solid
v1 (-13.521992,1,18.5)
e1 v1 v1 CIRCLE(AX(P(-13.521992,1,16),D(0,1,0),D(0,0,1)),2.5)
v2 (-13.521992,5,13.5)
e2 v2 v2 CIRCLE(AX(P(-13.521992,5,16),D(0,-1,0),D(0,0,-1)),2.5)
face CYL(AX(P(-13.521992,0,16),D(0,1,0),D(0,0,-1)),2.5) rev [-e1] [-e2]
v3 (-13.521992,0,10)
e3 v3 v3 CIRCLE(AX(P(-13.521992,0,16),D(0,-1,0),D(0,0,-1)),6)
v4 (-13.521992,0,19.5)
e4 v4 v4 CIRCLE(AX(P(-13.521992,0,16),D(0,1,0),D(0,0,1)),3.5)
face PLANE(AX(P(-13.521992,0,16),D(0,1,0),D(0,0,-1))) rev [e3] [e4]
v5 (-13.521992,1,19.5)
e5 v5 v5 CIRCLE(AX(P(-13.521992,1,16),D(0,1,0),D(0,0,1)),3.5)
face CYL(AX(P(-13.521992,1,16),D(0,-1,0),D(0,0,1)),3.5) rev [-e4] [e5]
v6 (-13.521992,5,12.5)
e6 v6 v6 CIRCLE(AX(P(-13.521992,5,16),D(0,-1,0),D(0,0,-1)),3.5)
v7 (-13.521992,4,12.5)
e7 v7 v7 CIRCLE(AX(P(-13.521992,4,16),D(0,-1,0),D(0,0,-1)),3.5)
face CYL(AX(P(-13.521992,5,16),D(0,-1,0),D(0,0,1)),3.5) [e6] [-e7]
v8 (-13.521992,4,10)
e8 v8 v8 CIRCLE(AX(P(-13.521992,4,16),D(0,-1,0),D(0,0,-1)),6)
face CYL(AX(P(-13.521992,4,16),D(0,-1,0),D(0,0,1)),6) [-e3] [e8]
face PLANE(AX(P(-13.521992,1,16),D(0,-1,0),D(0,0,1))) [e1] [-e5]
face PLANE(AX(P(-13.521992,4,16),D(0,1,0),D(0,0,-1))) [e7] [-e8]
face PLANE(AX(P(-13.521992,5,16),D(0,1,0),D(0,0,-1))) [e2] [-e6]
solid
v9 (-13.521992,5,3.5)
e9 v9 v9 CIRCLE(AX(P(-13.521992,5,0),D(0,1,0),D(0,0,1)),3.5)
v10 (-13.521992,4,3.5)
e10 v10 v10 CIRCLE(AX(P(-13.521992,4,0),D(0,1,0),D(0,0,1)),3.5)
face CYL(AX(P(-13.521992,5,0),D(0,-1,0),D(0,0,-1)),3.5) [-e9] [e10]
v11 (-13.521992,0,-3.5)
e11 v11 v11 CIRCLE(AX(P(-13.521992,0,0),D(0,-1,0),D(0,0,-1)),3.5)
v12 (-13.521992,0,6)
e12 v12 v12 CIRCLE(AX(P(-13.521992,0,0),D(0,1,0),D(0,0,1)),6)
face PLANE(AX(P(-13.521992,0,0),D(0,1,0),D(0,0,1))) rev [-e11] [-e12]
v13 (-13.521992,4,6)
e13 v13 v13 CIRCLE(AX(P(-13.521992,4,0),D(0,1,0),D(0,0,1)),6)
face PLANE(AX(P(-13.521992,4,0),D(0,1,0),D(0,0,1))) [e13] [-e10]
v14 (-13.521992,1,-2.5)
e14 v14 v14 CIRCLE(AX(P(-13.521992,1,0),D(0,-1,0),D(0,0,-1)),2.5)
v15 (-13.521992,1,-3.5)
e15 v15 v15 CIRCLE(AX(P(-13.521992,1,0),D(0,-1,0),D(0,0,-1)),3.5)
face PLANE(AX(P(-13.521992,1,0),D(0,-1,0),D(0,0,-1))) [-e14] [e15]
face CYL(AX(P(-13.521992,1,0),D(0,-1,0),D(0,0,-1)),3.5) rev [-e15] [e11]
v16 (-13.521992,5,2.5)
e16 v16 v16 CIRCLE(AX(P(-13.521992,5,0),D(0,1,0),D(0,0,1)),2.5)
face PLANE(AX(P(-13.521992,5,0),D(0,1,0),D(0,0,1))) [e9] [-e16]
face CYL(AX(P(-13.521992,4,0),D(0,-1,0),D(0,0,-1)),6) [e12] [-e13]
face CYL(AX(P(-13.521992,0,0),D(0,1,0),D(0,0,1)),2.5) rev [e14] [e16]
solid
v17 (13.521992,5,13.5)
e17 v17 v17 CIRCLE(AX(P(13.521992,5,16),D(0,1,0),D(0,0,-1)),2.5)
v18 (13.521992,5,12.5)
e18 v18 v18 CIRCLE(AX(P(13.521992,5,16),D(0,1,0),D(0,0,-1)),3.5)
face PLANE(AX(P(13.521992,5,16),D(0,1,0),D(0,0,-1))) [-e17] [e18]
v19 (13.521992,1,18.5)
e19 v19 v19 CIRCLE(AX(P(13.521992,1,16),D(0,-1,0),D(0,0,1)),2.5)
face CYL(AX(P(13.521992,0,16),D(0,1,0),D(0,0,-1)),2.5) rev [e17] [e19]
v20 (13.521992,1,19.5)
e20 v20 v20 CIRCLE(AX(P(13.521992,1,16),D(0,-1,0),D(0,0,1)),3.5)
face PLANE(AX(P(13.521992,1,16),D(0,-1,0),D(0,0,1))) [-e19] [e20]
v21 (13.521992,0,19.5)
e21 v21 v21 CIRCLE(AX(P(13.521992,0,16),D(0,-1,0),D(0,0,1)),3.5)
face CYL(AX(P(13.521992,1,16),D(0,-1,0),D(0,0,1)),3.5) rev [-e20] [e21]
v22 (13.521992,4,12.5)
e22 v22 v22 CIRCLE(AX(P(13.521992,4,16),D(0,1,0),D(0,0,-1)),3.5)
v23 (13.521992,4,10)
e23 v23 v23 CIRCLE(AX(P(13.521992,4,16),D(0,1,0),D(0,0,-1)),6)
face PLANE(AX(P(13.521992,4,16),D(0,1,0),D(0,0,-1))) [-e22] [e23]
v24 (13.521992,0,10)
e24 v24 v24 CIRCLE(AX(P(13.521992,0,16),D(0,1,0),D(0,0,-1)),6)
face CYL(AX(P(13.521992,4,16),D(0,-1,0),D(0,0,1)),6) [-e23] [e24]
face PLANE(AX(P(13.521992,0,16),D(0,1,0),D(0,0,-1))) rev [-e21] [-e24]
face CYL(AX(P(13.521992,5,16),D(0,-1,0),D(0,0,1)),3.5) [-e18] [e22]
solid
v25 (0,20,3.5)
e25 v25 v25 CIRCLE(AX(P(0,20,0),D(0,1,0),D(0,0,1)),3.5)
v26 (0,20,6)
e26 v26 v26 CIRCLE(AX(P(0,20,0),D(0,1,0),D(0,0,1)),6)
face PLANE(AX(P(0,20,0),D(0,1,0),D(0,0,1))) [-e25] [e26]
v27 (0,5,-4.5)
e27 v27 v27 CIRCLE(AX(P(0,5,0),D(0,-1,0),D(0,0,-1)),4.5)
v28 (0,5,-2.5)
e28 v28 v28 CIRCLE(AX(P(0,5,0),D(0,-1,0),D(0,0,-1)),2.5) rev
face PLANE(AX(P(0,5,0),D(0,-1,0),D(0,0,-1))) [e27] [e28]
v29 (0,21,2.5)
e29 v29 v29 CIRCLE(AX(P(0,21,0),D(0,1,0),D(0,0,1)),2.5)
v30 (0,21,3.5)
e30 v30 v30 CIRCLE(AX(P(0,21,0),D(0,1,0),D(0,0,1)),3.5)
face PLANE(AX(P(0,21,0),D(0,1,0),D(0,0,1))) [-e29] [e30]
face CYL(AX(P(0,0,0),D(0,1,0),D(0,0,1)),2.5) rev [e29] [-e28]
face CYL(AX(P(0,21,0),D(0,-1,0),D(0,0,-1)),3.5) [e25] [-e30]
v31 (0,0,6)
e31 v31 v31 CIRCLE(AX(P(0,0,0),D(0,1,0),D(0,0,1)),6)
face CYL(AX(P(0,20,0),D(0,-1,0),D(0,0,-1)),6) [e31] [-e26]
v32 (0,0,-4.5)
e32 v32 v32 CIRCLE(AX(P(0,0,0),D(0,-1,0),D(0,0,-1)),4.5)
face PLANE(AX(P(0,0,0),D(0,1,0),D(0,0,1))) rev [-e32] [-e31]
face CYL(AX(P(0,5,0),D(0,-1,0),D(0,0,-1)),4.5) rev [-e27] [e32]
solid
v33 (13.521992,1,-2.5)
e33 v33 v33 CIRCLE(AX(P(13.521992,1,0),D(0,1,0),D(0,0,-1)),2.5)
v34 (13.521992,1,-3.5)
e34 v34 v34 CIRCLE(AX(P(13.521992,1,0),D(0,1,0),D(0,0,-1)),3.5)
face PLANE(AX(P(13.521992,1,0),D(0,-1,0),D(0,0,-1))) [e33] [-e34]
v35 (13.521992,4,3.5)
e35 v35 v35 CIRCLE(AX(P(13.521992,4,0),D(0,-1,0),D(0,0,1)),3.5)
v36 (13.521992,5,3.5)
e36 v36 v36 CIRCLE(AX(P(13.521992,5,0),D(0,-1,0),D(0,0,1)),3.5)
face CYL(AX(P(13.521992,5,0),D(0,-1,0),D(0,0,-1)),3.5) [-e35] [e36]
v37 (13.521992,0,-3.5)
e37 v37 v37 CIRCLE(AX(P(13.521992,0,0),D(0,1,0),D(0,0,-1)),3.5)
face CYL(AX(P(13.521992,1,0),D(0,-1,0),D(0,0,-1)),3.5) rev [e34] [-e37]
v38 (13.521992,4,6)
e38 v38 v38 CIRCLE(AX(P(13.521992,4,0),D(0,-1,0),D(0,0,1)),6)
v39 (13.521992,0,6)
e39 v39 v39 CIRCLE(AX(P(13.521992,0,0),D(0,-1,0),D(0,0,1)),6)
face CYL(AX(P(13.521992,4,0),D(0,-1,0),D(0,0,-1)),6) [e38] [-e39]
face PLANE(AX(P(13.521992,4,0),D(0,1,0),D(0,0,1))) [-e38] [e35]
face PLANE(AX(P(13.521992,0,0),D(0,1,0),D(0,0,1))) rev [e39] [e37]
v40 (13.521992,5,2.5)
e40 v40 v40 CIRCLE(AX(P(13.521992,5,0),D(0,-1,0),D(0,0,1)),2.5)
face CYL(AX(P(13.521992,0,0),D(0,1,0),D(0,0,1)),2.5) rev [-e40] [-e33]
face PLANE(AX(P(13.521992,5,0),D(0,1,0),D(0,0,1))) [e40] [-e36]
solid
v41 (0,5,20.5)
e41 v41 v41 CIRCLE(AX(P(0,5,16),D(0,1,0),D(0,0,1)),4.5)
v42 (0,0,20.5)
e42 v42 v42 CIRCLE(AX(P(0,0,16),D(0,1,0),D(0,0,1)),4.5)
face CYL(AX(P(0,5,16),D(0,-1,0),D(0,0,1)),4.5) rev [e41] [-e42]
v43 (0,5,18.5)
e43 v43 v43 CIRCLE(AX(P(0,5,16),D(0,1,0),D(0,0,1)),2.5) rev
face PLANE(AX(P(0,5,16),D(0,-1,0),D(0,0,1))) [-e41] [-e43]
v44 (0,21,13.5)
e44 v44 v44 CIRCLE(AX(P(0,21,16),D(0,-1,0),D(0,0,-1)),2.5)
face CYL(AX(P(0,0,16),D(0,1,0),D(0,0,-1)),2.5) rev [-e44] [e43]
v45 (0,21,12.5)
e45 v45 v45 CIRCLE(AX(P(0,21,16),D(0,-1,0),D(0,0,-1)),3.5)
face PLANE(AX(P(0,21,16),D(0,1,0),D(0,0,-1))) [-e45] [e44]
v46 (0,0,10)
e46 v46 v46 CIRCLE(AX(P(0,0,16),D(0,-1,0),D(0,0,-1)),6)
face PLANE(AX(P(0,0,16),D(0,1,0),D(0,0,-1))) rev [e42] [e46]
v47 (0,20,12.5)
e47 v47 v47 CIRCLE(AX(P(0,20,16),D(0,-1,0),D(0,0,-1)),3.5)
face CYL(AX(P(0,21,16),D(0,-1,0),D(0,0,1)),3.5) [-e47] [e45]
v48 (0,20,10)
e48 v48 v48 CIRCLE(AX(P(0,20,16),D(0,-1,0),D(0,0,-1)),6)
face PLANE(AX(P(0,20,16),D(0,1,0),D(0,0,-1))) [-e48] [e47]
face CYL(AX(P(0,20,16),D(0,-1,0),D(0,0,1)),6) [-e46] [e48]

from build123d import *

# Parameters (mm, degrees)
CROQUIS1_R              = 6
SALIENTE_EXTRUIR1_DEPTH = 20
CROQUIS2_R              = 2.5
CORTAR_EXTRUIR1_DEPTH   = 20
SALIENTE_EXTRUIR2_START = 1
CROQUIS3_R              = 3.5
CROQUIS3_R_2            = 2.5
SALIENTE_EXTRUIR2_DEPTH = 1
CROQUIS4_R              = 4.5
CORTAR_EXTRUIR2_DEPTH   = 5
CROQUIS5_R              = 6
SALIENTE_EXTRUIR3_DEPTH = 4
CROQUIS6_R              = 2.5
CORTAR_EXTRUIR3_DEPTH   = 4
CROQUIS7_R              = 3.5
CROQUIS7_R_2            = 2.5
SALIENTE_EXTRUIR4_DEPTH = 1
CROQUIS8_R              = 3.5
CROQUIS8_R_2            = 2.5
CORTAR_EXTRUIR4_DEPTH   = 1


with BuildPart() as part:
    # Croquis1 → Saliente-Extruir1 (new body)
    with BuildSketch(Plane(origin=(0, 0, 0), x_dir=(1, 0, 0), z_dir=(0, 1, 0))):
        with Locations(Location((0, 0, 0), (0, 0, 270))):
            Circle(CROQUIS1_R)
    extrude(amount=SALIENTE_EXTRUIR1_DEPTH)

    # Croquis2 → Cortar-Extruir1 (cut)
    with BuildSketch(Plane(origin=(0, 20, 0), x_dir=(1, 0, 0), z_dir=(0, 1, 0))):
        with Locations(Location((0, 0, 0), (0, 0, 270))):
            Circle(CROQUIS2_R)
    extrude(amount=-CORTAR_EXTRUIR1_DEPTH, mode=Mode.SUBTRACT)

    # Croquis3 → Saliente-Extruir2 (add)
    with BuildSketch(Plane(origin=(0, 20, 0), x_dir=(1, 0, 0), z_dir=(0, 1, 0)).offset(SALIENTE_EXTRUIR2_START)):
        with Locations(Location((0, 0, 0), (0, 0, 270))):
            Circle(CROQUIS3_R)
        with Locations(Location((0, 0, 0), (0, 0, 270))):
            Circle(CROQUIS3_R_2, mode=Mode.SUBTRACT)
    extrude(amount=-SALIENTE_EXTRUIR2_DEPTH)

    # Croquis4 → Cortar-Extruir2 (cut)
    with BuildSketch(Plane.XZ):
        with Locations(Location((0, 0, 0), (0, 0, 270))):
            Circle(CROQUIS4_R)
    extrude(amount=-CORTAR_EXTRUIR2_DEPTH, mode=Mode.SUBTRACT)


with BuildPart() as body_2:
    # Croquis5 → Saliente-Extruir3 (new body)
    with BuildSketch(Plane(origin=(0, 0, 0), x_dir=(1, 0, 0), z_dir=(0, 1, 0))):
        with Locations(Location((-13.521991575, 0, 0), (0, 0, 270))):
            Circle(CROQUIS5_R)
    extrude(amount=SALIENTE_EXTRUIR3_DEPTH)

    # Croquis6 → Cortar-Extruir3 (cut)
    with BuildSketch(Plane(origin=(0, 4, 0), x_dir=(1, 0, 0), z_dir=(0, 1, 0))):
        with Locations(Location((-13.521991575, 0, 0), (0, 0, 270))):
            Circle(CROQUIS6_R)
    extrude(amount=-CORTAR_EXTRUIR3_DEPTH, mode=Mode.SUBTRACT)

    # Croquis7 → Saliente-Extruir4 (add)
    with BuildSketch(Plane(origin=(0, 4, 0), x_dir=(1, 0, 0), z_dir=(0, 1, 0))):
        with Locations(Location((-13.521991575, 0, 0), (0, 0, 270))):
            Circle(CROQUIS7_R)
        with Locations(Location((-13.521991575, 0, 0), (0, 0, 270))):
            Circle(CROQUIS7_R_2, mode=Mode.SUBTRACT)
    extrude(amount=SALIENTE_EXTRUIR4_DEPTH)

    # Croquis8 → Cortar-Extruir4 (cut)
    with BuildSketch(Plane.XZ):
        with Locations(Location((-13.521991575, 0, 0), (0, 0, 90))):
            Circle(CROQUIS8_R)
        with Locations(Location((-13.521991575, 0, 0), (0, 0, 90))):
            Circle(CROQUIS8_R_2, mode=Mode.SUBTRACT)
    extrude(amount=-CORTAR_EXTRUIR4_DEPTH, mode=Mode.SUBTRACT)


with BuildPart() as body_3:
    # Simetría2: mirrored copy
    add(body_2.part.mirror(Plane(origin=(0, 0, 0), x_dir=(0, 0, 1), z_dir=(1, 0, 0))))


with BuildPart() as body_4:
    # Simetría3: mirrored copy
    add(body_3.part.mirror(Plane.XY.offset(8)))


with BuildPart() as body_5:
    # Simetr_a3 2: mirrored copy
    add(part.part.mirror(Plane.XY.offset(8)))


with BuildPart() as body_6:
    # Simetr_a3 3: mirrored copy
    add(body_2.part.mirror(Plane.XY.offset(8)))


solid = Compound([part.part, body_2.part, body_3.part, body_4.part, body_5.part, body_6.part])
